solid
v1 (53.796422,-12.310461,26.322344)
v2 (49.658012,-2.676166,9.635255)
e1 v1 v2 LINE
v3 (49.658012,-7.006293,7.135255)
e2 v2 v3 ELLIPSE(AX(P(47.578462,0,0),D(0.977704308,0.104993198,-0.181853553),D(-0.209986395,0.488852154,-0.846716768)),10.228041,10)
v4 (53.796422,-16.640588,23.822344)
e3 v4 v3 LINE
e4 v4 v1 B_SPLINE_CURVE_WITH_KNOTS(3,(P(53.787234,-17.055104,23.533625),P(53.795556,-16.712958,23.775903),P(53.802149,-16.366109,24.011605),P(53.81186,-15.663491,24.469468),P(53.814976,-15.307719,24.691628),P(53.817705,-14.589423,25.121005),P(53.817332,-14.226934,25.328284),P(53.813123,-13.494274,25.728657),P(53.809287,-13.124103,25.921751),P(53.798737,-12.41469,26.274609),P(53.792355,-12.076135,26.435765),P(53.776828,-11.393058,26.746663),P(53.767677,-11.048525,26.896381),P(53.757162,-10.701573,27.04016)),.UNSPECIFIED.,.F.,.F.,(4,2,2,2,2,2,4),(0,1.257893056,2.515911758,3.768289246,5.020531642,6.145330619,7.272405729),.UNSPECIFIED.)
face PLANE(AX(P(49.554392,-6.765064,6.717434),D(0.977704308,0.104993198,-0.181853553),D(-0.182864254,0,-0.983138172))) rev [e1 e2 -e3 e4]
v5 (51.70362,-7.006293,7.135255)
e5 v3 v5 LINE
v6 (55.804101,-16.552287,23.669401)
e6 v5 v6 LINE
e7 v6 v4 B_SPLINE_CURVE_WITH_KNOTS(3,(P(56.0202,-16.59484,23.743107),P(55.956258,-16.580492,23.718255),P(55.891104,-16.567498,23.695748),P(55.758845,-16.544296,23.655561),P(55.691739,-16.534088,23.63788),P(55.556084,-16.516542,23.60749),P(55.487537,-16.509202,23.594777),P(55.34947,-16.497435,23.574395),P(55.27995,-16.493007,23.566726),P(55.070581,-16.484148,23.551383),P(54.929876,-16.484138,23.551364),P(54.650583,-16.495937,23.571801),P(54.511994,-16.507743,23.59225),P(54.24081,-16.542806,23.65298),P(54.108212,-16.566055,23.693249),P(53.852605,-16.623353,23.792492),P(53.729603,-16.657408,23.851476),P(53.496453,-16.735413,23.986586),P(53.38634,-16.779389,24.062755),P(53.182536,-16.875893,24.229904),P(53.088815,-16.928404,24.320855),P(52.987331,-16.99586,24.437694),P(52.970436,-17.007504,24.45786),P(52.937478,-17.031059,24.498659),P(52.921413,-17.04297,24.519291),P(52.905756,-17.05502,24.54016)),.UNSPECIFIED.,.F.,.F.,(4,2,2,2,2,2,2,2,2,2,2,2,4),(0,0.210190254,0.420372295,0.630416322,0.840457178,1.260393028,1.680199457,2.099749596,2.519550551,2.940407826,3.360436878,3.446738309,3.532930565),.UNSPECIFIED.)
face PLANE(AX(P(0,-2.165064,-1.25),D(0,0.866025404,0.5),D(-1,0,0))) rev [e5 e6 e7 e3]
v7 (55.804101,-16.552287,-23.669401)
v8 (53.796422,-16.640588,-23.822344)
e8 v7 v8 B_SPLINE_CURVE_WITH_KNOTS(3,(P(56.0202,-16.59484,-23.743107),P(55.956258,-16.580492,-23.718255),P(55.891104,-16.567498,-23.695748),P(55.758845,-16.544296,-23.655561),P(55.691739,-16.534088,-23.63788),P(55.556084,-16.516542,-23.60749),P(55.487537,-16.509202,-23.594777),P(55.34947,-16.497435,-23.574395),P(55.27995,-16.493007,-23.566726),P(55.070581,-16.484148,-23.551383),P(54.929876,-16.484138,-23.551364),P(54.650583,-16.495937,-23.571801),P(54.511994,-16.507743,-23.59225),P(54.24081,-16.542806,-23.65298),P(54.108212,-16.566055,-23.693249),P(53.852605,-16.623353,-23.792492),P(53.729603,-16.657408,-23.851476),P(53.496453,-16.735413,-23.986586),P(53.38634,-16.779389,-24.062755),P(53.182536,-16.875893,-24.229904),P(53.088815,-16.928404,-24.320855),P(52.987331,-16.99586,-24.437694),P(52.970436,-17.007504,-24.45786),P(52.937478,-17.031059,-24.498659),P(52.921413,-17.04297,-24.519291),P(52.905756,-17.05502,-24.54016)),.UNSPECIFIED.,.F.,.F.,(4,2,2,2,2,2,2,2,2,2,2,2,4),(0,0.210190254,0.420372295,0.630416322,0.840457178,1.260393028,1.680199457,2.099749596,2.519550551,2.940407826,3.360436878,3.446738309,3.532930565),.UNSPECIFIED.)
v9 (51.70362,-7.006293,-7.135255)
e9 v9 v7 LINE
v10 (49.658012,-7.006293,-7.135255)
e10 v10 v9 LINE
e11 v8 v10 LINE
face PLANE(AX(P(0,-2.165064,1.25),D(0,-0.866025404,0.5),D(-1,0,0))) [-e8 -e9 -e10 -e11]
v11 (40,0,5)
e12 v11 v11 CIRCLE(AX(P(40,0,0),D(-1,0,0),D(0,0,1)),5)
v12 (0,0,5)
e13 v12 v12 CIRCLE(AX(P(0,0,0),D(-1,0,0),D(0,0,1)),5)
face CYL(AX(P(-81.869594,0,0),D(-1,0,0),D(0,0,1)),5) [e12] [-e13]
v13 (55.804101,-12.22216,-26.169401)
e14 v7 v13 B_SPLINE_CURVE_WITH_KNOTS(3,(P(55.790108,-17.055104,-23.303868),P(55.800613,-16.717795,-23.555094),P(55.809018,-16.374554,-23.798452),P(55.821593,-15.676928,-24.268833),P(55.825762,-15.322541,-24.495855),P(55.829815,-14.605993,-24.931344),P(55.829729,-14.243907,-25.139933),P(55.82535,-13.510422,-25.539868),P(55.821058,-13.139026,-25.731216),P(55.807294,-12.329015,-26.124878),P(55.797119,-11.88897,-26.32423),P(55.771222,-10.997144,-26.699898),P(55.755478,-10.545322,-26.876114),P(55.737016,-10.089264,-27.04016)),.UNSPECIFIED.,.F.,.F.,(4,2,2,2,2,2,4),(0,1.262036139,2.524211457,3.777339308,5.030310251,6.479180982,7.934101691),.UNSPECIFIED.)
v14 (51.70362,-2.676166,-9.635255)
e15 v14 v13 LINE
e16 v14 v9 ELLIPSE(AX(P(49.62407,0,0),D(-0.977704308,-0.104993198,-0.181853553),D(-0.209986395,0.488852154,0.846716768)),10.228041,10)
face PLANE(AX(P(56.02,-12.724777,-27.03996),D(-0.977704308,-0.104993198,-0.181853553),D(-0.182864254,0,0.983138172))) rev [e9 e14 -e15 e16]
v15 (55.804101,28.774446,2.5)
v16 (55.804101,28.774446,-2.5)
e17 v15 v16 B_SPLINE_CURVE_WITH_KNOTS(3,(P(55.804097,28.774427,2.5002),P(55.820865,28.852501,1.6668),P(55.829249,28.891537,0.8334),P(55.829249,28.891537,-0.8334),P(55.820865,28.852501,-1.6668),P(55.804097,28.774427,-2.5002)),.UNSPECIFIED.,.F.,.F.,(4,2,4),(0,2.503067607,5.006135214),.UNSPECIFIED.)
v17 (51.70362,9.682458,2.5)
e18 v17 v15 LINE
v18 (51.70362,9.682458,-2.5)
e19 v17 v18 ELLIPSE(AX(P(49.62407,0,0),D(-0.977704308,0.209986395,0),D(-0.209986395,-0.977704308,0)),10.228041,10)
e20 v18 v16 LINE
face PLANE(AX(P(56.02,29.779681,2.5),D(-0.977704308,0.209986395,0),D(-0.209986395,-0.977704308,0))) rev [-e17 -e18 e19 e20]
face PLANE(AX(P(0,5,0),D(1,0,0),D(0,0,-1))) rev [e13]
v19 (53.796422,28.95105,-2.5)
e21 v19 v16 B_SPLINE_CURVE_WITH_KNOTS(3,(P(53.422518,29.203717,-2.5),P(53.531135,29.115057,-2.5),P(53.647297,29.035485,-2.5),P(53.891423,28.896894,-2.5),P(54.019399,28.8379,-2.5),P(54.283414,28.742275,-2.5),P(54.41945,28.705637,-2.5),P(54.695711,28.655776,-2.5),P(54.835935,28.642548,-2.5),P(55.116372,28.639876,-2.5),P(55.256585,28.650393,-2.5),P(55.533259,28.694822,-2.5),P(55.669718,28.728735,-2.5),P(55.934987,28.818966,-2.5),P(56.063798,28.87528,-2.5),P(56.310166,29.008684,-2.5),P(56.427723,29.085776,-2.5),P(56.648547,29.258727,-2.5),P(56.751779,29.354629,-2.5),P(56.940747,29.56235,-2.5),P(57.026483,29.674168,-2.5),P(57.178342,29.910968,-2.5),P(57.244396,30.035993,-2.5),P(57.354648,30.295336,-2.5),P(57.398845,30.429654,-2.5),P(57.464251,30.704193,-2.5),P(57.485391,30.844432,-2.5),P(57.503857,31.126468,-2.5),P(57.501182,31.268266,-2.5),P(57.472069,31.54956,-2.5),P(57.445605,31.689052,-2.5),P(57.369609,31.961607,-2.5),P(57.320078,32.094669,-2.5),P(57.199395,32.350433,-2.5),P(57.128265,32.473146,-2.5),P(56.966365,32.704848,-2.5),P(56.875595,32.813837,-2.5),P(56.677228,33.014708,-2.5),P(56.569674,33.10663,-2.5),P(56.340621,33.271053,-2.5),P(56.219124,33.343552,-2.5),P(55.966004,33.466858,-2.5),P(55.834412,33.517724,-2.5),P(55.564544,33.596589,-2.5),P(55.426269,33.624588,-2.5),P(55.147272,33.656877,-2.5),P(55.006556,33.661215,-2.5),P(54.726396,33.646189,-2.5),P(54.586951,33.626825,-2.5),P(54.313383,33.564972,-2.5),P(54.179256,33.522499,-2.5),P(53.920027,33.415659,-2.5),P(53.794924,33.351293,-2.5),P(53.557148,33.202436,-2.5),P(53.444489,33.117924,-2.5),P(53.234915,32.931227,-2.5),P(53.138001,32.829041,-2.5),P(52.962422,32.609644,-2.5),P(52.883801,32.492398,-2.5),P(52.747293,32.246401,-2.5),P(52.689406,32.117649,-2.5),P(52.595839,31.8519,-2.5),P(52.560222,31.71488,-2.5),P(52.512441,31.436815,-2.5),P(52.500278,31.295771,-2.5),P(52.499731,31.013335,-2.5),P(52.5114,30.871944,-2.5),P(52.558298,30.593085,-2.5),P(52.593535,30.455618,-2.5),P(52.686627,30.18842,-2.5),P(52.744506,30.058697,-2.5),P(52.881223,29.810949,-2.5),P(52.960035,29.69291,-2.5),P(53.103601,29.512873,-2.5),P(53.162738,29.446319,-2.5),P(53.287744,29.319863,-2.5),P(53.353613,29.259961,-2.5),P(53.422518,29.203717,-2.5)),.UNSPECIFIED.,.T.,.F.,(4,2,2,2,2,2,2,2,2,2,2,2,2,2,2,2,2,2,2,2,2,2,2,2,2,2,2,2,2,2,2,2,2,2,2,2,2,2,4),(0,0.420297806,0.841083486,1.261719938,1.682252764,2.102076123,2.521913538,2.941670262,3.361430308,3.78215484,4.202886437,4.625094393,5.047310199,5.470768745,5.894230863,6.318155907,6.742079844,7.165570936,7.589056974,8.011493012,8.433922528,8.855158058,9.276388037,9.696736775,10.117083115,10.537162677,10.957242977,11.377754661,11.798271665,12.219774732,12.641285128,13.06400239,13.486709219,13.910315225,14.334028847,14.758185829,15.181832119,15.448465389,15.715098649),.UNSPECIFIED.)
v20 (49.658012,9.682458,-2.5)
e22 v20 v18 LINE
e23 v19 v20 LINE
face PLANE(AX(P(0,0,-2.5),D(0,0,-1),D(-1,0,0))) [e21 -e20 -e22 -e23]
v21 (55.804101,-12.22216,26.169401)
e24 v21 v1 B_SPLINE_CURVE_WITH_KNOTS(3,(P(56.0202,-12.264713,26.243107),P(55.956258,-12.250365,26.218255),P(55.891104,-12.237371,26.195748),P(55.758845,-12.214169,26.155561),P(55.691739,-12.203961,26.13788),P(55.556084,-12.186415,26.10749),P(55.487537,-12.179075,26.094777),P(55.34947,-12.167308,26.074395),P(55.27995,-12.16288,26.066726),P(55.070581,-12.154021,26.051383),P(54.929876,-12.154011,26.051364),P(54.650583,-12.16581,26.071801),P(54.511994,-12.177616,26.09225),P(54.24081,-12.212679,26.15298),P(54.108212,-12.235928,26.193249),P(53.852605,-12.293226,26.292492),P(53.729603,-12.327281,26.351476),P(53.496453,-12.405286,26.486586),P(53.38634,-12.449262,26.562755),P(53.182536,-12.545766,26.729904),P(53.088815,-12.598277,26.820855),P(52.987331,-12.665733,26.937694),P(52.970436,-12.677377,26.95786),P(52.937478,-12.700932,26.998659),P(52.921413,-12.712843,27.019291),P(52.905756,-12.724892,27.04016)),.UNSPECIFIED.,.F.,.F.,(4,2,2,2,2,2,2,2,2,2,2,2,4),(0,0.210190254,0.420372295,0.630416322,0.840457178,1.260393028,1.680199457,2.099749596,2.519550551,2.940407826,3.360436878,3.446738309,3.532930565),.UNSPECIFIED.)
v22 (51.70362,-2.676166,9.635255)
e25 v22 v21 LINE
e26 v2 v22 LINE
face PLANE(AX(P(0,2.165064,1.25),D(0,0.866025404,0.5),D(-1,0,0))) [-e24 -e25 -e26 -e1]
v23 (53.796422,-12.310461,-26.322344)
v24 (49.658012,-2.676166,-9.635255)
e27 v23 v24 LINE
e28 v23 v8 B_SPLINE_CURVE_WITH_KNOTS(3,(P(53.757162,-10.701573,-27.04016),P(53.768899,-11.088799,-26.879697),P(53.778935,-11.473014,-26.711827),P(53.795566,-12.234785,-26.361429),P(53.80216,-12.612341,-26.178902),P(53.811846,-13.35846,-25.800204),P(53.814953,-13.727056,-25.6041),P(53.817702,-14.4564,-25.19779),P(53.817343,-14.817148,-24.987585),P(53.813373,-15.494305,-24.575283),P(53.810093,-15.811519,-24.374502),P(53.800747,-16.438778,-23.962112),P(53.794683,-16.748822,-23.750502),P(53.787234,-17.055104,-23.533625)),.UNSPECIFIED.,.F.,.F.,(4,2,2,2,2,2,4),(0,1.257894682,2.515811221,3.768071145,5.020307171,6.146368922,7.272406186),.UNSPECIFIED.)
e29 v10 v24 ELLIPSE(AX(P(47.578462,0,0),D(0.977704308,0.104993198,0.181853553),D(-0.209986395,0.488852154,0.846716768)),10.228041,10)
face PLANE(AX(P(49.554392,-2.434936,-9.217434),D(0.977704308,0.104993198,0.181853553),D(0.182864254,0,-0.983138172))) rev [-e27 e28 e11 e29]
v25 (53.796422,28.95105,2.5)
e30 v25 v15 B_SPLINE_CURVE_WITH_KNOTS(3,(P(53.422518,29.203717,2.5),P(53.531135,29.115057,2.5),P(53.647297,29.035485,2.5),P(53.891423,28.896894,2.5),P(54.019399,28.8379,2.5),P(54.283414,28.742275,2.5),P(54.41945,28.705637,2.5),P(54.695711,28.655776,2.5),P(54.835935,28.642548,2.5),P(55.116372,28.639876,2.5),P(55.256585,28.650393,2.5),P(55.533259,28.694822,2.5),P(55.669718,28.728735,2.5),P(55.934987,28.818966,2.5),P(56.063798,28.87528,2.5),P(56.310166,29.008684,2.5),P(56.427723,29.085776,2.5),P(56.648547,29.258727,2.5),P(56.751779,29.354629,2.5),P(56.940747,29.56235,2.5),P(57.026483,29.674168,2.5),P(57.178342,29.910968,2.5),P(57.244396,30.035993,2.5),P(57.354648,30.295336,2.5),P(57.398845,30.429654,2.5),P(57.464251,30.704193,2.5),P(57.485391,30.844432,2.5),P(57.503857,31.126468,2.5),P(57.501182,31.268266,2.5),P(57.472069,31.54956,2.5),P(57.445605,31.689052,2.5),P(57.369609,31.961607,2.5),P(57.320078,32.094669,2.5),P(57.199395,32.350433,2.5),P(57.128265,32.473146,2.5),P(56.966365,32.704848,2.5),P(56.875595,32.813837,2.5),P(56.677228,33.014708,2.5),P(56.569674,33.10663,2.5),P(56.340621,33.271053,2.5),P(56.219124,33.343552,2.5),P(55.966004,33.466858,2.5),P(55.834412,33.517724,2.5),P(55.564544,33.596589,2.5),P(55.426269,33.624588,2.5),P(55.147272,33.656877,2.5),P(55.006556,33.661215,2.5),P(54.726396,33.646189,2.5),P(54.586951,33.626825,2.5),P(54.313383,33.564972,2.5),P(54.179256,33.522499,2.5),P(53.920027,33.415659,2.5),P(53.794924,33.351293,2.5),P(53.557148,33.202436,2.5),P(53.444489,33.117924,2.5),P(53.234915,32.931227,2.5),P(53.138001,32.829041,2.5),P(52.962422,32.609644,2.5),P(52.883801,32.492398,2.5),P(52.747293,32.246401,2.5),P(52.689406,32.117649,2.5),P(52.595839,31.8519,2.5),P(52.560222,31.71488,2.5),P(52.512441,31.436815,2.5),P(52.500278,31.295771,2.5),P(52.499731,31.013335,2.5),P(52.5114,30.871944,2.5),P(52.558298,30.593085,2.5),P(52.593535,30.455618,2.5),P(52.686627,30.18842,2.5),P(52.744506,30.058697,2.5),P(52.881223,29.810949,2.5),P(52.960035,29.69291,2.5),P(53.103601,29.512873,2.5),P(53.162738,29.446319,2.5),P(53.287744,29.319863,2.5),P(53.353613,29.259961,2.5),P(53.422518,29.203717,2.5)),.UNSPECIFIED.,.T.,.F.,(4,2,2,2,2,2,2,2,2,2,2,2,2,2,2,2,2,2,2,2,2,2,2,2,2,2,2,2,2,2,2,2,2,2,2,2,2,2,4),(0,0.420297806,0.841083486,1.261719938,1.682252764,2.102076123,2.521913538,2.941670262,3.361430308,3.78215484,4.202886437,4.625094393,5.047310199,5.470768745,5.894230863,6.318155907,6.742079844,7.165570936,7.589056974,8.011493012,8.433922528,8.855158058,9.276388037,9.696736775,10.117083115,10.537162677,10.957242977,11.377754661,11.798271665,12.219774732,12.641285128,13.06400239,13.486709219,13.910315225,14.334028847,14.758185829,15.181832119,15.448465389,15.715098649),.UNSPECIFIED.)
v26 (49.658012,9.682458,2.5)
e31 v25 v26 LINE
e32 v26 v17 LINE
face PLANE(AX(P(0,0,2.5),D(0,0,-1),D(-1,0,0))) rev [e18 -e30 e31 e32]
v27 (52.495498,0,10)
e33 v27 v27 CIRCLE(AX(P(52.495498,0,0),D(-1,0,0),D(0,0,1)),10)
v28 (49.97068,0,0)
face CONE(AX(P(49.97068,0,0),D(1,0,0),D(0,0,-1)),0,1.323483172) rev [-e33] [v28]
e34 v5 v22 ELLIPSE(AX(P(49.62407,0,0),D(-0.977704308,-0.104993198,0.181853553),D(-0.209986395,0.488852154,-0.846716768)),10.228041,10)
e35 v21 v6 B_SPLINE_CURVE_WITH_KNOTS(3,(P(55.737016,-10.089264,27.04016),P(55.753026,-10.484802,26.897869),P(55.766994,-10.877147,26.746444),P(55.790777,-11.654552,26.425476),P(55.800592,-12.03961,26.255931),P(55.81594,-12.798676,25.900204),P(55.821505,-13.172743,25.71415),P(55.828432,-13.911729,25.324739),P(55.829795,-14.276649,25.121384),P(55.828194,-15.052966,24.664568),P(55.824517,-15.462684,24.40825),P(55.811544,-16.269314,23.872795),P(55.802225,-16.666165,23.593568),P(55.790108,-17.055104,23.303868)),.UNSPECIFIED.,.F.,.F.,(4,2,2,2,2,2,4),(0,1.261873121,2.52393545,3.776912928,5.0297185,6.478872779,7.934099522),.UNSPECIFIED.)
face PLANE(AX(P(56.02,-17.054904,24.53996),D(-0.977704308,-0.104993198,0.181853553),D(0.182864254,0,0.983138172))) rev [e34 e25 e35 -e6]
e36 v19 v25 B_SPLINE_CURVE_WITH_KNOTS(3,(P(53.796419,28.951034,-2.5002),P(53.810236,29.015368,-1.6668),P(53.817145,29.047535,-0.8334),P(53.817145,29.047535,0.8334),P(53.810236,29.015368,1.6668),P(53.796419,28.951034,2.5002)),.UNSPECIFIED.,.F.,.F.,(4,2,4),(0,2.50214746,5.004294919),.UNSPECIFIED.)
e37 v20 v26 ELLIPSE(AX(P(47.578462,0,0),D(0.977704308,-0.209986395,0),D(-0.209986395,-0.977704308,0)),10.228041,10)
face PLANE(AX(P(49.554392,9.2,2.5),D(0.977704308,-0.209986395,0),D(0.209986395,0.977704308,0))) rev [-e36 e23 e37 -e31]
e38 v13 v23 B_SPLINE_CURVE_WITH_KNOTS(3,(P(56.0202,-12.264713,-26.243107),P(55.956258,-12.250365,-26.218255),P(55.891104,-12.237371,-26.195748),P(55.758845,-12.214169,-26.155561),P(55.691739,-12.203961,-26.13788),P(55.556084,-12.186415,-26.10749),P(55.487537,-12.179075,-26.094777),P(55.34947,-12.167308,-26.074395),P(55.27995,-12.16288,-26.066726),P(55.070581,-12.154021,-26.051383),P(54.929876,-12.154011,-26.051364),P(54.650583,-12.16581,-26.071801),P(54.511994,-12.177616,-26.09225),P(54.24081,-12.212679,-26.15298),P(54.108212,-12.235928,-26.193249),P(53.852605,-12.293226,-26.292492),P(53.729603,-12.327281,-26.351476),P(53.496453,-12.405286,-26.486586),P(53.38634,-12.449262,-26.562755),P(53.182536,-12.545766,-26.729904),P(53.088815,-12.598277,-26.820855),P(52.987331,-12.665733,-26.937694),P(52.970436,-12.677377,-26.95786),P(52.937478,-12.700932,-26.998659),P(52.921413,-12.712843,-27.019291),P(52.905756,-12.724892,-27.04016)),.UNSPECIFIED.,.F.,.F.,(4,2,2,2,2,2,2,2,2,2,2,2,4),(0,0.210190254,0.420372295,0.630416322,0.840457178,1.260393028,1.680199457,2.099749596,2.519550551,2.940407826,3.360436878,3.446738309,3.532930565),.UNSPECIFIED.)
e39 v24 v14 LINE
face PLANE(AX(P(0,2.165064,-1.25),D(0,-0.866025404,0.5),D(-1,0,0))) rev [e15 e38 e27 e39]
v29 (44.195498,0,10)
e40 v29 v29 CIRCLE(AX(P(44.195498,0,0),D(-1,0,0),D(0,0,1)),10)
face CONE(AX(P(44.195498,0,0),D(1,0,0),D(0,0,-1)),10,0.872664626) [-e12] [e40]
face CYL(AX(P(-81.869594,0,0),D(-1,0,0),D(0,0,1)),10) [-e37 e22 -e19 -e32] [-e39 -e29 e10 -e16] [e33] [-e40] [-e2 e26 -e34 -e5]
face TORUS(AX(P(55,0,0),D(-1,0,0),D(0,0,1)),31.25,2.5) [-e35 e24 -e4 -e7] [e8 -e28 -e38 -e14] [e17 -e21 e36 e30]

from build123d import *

# Parameters (mm, degrees)
SKETCH2_R           = 2.5
BOSS_EXTRUDE1_DEPTH = 2.5
CIRPATTERN1_COUNT   = 3


with BuildPart() as part:
    # Sketch1 → Revolve1 (revolve)
    with BuildSketch(Plane.XY, mode=Mode.PRIVATE) as revolve1_sk:
        Polygon((49.97067965, 0), (52.495498156, 10), (44.195498156, 10), (40, 5), (0, 5), (0, 0), align=None)
    revolve(revolve1_sk.sketch.rotate(Axis((-81.869594145, 0, 0), (1, 0, 0)), 90), axis=Axis((-81.869594145, 0, 0), (1, 0, 0)))



with BuildPart() as body_2:
    # Sketch2 → Revolve2 (revolve)
    with BuildSketch(Plane.XY, mode=Mode.PRIVATE) as revolve2_sk:
        with Locations((55, 31.25)):
            Circle(SKETCH2_R)
    revolve(revolve2_sk.sketch.rotate(Axis((0, 0, 0), (1, 0, 0)), 270), axis=Axis((0, 0, 0), (1, 0, 0)))


with BuildPart() as part_1:
    add(part.part)

    add(body_2.part)  # Boss-Extrude1 merges body 2
    # Sketch3 → Boss-Extrude1 (add, symmetric)
    with BuildSketch(Plane.XY):
        Polygon((51.6, 9.2), (49.554391748, 9.2), (53.974391748, 29.779681075), (56.02, 29.779681075), align=None)
    boss_extrude1 = extrude(amount=BOSS_EXTRUDE1_DEPTH, both=True)

    # CirPattern1: Boss-Extrude1 ×3 about axis
    cirpattern1_axis = Axis((0, 0, 0), (1, 0, 0))
    for i in range(1, CIRPATTERN1_COUNT):
        add(boss_extrude1.rotate(cirpattern1_axis, i * 360 / CIRPATTERN1_COUNT))


solid = part_1.part
